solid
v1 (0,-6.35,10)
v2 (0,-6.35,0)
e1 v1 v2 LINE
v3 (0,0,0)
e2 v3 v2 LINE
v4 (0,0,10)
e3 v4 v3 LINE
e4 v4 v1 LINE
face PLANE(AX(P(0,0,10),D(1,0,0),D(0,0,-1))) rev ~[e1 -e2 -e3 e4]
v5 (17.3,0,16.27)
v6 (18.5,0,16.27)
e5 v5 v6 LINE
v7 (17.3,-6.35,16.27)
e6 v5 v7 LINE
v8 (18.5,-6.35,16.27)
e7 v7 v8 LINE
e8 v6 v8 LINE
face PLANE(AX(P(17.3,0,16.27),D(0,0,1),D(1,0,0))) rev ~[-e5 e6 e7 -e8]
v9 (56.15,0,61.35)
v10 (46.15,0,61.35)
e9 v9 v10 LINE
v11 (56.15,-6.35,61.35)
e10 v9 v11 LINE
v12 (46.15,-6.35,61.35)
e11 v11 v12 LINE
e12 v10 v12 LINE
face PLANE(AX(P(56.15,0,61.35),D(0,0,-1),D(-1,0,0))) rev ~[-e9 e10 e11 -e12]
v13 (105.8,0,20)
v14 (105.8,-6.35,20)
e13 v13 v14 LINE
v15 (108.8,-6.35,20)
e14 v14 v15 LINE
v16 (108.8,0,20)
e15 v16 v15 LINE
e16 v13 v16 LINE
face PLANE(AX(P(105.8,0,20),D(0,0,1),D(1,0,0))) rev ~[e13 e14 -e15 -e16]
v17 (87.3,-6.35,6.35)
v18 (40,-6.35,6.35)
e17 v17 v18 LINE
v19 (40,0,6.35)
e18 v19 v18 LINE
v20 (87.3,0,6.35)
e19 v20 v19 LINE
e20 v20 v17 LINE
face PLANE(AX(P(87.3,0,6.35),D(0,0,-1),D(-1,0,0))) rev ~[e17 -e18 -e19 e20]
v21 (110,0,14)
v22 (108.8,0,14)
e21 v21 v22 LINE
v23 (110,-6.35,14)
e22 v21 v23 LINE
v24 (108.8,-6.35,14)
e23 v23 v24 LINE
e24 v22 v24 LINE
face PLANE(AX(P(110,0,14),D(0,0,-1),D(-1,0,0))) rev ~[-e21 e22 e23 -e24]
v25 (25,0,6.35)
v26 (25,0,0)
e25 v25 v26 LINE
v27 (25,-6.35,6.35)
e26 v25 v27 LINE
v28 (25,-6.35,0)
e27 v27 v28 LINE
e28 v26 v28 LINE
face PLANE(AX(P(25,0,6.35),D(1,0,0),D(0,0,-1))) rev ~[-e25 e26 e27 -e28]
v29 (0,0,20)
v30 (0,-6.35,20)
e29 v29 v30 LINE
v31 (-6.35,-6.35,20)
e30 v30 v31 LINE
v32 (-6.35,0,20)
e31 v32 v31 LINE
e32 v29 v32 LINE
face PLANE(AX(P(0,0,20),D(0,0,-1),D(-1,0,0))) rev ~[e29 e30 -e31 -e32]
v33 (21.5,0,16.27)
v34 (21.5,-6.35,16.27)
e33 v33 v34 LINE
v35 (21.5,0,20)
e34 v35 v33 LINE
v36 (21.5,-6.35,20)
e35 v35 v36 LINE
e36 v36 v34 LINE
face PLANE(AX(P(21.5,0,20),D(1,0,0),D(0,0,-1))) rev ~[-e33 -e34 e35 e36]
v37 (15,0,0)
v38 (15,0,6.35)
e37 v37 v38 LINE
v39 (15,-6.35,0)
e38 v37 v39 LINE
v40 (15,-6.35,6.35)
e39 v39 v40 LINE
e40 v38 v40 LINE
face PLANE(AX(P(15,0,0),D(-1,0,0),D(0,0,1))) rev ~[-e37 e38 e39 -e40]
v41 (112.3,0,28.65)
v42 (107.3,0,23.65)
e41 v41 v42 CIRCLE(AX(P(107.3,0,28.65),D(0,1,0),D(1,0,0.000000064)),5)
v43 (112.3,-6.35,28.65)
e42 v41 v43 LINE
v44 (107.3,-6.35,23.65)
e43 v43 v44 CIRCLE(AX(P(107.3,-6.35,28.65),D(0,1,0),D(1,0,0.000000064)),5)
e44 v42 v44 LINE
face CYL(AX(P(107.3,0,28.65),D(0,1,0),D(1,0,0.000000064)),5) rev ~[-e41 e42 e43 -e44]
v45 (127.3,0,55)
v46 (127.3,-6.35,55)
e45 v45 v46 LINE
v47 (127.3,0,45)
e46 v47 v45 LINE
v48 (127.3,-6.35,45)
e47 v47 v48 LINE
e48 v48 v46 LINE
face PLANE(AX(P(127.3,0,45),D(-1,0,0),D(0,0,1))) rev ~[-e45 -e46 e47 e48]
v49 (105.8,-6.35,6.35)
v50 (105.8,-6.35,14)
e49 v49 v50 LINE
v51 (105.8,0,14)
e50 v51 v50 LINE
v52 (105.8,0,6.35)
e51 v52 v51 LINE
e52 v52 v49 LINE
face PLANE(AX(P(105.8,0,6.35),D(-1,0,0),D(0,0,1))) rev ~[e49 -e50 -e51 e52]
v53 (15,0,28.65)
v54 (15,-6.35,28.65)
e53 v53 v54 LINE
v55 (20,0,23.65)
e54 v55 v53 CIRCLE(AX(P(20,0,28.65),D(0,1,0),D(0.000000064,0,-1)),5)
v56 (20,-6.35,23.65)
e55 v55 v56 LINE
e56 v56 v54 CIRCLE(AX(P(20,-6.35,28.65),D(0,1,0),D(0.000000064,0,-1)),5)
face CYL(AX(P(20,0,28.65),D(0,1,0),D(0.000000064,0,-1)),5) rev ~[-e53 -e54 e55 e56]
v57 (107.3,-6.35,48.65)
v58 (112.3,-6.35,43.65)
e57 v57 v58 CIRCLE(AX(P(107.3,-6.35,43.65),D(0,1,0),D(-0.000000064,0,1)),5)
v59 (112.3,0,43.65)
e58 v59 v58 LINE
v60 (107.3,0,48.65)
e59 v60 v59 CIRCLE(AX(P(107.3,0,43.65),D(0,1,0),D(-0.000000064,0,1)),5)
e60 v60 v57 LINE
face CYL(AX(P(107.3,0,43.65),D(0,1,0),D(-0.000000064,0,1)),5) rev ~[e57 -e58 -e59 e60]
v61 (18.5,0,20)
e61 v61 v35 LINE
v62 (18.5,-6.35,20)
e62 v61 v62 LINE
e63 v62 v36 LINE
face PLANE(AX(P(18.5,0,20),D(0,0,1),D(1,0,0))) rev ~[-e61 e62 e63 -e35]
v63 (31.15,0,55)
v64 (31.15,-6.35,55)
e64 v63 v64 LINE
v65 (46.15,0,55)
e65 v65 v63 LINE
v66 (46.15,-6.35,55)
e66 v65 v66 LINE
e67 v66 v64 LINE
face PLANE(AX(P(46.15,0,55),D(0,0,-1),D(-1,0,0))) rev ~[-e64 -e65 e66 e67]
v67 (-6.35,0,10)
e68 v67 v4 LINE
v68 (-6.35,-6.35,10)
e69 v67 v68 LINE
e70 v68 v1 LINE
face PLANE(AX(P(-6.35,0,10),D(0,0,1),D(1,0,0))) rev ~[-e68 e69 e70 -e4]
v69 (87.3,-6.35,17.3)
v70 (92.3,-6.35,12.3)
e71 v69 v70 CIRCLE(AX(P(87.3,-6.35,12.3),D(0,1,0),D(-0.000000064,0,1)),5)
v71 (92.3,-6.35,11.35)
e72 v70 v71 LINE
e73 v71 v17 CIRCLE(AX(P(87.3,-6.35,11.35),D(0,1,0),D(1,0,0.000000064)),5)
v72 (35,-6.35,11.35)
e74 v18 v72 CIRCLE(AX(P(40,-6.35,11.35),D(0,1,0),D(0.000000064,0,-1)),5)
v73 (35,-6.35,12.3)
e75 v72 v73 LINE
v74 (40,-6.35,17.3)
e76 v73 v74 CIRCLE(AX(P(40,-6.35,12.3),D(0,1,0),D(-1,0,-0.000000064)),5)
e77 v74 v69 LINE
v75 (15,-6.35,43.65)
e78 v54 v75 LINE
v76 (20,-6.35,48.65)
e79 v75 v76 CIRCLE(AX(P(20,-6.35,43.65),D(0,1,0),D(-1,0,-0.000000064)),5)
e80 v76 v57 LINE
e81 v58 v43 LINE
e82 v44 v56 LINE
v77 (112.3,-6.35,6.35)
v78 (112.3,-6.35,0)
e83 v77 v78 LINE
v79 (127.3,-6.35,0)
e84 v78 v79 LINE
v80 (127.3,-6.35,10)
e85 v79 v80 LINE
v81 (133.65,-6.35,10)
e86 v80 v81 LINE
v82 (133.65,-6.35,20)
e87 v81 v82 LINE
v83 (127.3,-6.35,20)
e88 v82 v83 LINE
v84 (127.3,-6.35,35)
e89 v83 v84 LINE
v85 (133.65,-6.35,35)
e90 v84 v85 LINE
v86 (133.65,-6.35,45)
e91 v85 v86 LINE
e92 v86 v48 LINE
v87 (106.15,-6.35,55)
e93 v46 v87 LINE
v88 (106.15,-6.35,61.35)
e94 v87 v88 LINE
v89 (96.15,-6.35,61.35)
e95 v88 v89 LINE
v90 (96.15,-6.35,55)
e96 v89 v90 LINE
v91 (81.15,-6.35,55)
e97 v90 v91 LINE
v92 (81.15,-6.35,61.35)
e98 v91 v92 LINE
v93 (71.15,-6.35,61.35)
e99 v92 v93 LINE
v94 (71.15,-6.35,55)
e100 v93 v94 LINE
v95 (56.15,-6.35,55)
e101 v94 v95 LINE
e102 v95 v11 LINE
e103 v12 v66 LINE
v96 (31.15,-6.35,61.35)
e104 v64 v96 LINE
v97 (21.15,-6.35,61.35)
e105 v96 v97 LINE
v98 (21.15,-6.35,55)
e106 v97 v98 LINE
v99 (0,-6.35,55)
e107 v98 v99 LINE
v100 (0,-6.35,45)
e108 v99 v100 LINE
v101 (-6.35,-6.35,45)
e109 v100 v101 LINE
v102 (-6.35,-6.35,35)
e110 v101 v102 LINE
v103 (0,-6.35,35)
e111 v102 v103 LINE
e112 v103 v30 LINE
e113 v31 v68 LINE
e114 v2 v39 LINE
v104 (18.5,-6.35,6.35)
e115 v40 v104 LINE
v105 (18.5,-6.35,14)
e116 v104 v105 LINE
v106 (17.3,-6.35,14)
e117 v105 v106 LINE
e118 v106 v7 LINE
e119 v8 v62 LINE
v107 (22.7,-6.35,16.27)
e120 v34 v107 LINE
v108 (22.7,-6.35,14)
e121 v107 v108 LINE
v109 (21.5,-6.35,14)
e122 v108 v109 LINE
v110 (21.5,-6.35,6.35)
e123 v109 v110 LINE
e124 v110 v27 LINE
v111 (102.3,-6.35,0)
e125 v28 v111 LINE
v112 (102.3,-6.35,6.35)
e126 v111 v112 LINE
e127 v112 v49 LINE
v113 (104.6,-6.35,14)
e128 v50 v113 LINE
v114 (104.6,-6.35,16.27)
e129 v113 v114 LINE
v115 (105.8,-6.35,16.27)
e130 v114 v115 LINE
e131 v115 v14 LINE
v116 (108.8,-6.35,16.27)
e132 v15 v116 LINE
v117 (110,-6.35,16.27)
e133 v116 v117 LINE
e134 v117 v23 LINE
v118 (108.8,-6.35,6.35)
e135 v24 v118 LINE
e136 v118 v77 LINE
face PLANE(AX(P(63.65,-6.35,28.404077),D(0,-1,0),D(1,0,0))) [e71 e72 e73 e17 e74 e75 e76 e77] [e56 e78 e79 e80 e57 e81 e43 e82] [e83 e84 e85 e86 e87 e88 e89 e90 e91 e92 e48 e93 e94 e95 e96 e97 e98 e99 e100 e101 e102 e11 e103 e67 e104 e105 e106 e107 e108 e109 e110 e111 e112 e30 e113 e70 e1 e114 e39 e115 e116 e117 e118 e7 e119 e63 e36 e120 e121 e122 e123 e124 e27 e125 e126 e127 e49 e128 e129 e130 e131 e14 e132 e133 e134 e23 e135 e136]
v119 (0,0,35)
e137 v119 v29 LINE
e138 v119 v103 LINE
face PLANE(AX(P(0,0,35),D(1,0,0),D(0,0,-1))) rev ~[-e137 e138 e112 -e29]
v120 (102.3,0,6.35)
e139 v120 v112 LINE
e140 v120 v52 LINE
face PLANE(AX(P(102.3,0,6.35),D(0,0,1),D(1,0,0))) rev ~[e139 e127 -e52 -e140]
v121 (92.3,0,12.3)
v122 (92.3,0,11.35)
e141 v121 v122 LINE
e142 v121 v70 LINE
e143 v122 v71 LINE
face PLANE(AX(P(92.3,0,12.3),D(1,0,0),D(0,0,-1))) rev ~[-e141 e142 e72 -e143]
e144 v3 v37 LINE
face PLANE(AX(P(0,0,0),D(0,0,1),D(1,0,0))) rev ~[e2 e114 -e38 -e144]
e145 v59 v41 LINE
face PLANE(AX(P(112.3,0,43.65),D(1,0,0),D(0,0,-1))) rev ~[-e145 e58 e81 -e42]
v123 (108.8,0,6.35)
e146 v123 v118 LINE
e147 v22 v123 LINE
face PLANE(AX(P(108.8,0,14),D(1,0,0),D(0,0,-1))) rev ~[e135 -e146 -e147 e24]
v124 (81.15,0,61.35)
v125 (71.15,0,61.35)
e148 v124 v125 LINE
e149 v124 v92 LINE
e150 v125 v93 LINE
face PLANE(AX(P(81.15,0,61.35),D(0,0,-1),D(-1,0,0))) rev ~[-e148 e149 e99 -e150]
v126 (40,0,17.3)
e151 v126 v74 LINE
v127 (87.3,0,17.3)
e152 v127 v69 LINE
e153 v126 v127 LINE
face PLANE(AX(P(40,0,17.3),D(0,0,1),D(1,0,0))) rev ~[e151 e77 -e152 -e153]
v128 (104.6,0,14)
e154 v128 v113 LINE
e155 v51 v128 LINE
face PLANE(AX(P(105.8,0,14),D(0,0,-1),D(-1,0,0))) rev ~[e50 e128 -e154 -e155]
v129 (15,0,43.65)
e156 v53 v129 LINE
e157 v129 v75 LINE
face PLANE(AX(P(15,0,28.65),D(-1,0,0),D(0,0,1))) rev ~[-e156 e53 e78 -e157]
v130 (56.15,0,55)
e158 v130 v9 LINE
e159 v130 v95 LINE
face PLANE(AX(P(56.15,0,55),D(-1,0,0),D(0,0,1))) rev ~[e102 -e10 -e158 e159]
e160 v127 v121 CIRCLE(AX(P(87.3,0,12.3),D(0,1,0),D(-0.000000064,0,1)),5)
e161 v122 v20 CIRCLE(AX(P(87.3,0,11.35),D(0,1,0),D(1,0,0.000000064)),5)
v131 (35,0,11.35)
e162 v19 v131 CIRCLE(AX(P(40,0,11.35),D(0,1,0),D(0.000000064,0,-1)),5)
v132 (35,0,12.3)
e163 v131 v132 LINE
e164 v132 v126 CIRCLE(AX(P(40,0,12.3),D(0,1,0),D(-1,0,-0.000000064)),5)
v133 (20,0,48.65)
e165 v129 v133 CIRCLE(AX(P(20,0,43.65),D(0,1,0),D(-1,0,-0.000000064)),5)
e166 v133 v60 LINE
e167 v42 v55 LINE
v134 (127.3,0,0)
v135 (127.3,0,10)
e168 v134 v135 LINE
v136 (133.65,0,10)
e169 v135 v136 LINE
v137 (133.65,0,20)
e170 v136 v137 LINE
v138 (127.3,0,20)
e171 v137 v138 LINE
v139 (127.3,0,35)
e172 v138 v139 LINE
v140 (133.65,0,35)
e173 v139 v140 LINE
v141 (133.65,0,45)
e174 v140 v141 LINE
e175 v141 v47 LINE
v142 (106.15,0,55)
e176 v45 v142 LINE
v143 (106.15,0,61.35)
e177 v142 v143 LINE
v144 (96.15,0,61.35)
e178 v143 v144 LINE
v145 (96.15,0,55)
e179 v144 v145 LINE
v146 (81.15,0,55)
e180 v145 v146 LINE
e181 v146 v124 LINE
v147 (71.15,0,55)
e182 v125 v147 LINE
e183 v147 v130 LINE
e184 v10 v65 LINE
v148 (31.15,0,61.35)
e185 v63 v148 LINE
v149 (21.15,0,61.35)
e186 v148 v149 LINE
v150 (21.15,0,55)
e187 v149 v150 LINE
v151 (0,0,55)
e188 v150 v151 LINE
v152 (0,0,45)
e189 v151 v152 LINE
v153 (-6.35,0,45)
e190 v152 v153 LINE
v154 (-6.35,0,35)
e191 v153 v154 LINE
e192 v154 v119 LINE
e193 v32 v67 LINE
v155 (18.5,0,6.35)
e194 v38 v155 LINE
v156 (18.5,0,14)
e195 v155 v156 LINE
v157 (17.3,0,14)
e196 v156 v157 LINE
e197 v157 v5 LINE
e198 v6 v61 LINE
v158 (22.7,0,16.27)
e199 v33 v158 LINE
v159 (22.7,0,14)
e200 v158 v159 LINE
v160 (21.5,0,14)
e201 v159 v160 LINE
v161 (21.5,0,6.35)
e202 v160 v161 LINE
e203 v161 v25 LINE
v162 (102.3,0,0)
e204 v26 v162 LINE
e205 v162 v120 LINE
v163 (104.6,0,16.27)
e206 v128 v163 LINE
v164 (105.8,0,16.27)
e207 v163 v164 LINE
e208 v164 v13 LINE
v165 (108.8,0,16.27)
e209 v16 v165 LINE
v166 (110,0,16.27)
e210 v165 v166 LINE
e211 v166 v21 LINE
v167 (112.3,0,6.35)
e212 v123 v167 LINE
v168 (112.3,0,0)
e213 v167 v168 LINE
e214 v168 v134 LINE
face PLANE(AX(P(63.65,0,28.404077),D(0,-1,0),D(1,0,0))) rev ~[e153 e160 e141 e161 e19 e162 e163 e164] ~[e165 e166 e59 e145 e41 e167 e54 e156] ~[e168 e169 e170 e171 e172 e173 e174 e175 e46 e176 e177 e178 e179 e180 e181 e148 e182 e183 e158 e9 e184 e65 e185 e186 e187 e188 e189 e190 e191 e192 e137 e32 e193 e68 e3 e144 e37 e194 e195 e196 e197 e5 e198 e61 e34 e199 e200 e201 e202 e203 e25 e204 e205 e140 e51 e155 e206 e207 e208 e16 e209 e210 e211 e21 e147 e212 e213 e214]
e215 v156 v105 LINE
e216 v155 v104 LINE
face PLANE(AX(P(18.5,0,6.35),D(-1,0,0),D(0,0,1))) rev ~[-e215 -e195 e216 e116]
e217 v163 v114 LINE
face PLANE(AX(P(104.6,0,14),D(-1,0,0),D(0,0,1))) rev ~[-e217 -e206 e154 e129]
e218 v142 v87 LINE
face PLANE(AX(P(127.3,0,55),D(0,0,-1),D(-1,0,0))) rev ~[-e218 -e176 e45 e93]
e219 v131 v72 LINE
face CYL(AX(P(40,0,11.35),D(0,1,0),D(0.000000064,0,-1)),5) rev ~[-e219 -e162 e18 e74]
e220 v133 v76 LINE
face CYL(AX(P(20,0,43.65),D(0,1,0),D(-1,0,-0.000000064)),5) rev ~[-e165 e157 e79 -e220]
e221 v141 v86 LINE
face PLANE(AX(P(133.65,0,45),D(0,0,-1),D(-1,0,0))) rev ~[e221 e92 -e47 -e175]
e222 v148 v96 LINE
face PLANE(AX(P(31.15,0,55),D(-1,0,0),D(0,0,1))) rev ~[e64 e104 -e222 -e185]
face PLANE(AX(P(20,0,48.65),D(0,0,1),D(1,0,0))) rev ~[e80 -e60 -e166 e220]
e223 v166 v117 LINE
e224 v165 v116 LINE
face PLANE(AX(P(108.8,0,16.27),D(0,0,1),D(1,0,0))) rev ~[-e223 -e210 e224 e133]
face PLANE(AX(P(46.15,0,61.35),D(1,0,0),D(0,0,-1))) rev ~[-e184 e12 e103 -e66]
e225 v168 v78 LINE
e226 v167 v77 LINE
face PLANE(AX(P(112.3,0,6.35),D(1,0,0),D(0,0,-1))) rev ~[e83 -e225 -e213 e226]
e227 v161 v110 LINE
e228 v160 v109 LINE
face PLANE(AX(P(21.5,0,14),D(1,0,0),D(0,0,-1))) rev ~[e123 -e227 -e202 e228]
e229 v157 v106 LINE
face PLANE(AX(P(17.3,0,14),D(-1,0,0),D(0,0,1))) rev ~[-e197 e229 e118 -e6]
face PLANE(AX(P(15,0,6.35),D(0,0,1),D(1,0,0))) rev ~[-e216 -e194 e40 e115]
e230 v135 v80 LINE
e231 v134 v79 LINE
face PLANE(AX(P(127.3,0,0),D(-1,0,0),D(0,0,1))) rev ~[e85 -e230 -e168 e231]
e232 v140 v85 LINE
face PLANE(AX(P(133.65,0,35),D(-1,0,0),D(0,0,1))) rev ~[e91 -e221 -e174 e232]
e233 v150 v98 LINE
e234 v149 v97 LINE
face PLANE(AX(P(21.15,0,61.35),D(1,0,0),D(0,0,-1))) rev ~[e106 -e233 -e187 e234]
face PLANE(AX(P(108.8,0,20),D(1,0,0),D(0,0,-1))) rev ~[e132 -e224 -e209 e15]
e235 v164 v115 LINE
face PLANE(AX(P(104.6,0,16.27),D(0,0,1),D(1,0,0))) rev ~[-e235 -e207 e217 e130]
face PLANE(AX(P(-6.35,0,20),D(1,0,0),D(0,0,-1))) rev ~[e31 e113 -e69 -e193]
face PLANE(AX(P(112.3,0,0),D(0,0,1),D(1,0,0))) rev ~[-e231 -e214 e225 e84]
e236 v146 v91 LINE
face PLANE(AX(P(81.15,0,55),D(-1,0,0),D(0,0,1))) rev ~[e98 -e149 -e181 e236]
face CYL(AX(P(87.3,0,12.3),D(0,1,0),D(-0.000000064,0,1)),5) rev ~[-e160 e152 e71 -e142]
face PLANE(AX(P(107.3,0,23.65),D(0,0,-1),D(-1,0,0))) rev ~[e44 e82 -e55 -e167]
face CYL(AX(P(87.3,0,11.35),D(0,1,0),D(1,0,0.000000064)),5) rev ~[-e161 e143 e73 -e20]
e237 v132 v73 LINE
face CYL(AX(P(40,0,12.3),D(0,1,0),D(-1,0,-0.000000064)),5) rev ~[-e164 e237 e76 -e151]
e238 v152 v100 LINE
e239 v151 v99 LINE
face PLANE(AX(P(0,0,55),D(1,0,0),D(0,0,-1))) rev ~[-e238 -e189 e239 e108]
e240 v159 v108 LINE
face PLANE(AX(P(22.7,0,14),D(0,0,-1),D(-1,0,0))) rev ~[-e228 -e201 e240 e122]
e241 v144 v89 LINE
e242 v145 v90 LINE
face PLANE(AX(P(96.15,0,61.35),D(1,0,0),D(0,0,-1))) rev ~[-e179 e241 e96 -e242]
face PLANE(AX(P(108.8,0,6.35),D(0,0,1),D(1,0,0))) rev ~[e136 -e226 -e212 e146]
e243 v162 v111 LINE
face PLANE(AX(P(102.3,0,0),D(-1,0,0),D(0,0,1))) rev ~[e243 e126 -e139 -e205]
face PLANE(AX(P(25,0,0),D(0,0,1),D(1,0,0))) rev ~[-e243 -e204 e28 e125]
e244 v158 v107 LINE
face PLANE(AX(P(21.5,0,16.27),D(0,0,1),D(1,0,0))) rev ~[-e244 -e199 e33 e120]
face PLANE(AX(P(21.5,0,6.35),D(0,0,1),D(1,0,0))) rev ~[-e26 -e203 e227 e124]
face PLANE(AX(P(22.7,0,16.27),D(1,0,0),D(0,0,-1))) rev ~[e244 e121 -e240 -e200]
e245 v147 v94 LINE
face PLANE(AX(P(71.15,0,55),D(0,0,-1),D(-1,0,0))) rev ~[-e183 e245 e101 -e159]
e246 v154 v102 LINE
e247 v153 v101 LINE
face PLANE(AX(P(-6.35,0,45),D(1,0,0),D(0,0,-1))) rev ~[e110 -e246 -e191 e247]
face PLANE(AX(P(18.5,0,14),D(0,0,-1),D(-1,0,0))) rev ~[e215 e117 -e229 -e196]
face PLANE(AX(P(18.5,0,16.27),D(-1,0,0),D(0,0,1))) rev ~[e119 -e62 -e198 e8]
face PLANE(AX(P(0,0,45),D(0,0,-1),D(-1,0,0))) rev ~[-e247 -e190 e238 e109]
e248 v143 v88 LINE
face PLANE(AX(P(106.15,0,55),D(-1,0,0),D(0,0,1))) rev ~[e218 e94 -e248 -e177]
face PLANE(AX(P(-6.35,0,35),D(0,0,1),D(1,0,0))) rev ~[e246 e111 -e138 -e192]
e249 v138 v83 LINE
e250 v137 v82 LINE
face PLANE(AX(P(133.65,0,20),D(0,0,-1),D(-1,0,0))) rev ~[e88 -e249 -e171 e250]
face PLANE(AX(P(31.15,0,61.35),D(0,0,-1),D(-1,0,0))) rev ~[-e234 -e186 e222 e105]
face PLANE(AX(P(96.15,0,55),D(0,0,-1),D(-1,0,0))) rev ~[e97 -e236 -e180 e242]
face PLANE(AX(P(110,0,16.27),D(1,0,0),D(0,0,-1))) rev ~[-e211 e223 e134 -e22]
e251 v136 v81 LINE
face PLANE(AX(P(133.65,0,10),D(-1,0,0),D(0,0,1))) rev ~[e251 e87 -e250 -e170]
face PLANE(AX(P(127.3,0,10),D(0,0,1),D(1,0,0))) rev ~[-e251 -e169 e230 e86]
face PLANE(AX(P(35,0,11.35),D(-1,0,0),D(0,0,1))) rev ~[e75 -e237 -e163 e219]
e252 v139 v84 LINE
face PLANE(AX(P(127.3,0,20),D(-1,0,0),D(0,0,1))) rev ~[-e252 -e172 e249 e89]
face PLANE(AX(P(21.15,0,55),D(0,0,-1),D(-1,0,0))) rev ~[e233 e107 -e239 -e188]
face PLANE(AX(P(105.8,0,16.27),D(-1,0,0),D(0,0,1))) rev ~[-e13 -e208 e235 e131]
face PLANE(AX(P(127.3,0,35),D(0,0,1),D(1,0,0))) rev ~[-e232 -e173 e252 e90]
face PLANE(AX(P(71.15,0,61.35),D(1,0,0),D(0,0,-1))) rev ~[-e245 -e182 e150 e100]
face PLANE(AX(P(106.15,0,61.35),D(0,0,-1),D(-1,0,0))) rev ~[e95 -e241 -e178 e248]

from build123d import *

# Parameters (mm, degrees)
F1_DEPTH = 6.35


with BuildPart() as f1:
    # F0 (on Front) → F1 (new body)
    with BuildSketch(Plane.XZ):
        Polygon((0, 10), (0, 0), (15, 0), (15, 6.35), (18.5, 6.35), (18.5, 14), (17.3, 14), (17.3, 16.27), (18.5, 16.27), (18.5, 20), (21.5, 20), (21.5, 16.27), (22.7, 16.27), (22.7, 14), (21.5, 14), (21.5, 6.35), (25, 6.35), (25, 0), (102.3, 0), (102.3, 6.35), (105.8, 6.35), (105.8, 14), (104.6, 14), (104.6, 16.27), (105.8, 16.27), (105.8, 20), (108.8, 20), (108.8, 16.27), (110, 16.27), (110, 14), (108.8, 14), (108.8, 6.35), (112.3, 6.35), (112.3, 0), (127.3, 0), (127.3, 10), (133.65, 10), (133.65, 20), (127.3, 20), (127.3, 35), (133.65, 35), (133.65, 45), (127.3, 45), (127.3, 55), (106.15, 55), (106.15, 61.35), (96.15, 61.35), (96.15, 55), (81.15, 55), (81.15, 61.35), (71.15, 61.35), (71.15, 55), (56.15, 55), (56.15, 61.35), (46.15, 61.35), (46.15, 55), (31.15, 55), (31.15, 61.35), (21.15, 61.35), (21.15, 55), (0, 55), (0, 45), (-6.35, 45), (-6.35, 35), (0, 35), (0, 20), (-6.35, 20), (-6.35, 10), align=None)
        with BuildLine():
            ThreePointArc((35, 12.3), (36.464466, 15.835534), (40, 17.3))
            Line((40, 17.3), (87.3, 17.3))
            ThreePointArc((87.3, 17.3), (90.835534, 15.835534), (92.3, 12.3))
            Line((92.3, 12.3), (92.3, 11.35))
            ThreePointArc((92.3, 11.35), (90.835534, 7.814466), (87.3, 6.35))
            Line((87.3, 6.35), (40, 6.35))
            ThreePointArc((40, 6.35), (36.464466, 7.814466), (35, 11.35))
            Line((35, 11.35), (35, 12.3))
        make_face(mode=Mode.SUBTRACT)
        with BuildLine():
            ThreePointArc((15, 43.65), (16.464466, 47.185534), (20, 48.65))
            Line((20, 48.65), (107.3, 48.65))
            ThreePointArc((107.3, 48.65), (110.835534, 47.185534), (112.3, 43.65))
            Line((112.3, 43.65), (112.3, 28.65))
            ThreePointArc((112.3, 28.65), (110.835534, 25.114466), (107.3, 23.65))
            Line((107.3, 23.65), (20, 23.65))
            ThreePointArc((20, 23.65), (16.464466, 25.114466), (15, 28.65))
            Line((15, 28.65), (15, 43.65))
        make_face(mode=Mode.SUBTRACT)
    extrude(amount=F1_DEPTH)


solid = f1.part
